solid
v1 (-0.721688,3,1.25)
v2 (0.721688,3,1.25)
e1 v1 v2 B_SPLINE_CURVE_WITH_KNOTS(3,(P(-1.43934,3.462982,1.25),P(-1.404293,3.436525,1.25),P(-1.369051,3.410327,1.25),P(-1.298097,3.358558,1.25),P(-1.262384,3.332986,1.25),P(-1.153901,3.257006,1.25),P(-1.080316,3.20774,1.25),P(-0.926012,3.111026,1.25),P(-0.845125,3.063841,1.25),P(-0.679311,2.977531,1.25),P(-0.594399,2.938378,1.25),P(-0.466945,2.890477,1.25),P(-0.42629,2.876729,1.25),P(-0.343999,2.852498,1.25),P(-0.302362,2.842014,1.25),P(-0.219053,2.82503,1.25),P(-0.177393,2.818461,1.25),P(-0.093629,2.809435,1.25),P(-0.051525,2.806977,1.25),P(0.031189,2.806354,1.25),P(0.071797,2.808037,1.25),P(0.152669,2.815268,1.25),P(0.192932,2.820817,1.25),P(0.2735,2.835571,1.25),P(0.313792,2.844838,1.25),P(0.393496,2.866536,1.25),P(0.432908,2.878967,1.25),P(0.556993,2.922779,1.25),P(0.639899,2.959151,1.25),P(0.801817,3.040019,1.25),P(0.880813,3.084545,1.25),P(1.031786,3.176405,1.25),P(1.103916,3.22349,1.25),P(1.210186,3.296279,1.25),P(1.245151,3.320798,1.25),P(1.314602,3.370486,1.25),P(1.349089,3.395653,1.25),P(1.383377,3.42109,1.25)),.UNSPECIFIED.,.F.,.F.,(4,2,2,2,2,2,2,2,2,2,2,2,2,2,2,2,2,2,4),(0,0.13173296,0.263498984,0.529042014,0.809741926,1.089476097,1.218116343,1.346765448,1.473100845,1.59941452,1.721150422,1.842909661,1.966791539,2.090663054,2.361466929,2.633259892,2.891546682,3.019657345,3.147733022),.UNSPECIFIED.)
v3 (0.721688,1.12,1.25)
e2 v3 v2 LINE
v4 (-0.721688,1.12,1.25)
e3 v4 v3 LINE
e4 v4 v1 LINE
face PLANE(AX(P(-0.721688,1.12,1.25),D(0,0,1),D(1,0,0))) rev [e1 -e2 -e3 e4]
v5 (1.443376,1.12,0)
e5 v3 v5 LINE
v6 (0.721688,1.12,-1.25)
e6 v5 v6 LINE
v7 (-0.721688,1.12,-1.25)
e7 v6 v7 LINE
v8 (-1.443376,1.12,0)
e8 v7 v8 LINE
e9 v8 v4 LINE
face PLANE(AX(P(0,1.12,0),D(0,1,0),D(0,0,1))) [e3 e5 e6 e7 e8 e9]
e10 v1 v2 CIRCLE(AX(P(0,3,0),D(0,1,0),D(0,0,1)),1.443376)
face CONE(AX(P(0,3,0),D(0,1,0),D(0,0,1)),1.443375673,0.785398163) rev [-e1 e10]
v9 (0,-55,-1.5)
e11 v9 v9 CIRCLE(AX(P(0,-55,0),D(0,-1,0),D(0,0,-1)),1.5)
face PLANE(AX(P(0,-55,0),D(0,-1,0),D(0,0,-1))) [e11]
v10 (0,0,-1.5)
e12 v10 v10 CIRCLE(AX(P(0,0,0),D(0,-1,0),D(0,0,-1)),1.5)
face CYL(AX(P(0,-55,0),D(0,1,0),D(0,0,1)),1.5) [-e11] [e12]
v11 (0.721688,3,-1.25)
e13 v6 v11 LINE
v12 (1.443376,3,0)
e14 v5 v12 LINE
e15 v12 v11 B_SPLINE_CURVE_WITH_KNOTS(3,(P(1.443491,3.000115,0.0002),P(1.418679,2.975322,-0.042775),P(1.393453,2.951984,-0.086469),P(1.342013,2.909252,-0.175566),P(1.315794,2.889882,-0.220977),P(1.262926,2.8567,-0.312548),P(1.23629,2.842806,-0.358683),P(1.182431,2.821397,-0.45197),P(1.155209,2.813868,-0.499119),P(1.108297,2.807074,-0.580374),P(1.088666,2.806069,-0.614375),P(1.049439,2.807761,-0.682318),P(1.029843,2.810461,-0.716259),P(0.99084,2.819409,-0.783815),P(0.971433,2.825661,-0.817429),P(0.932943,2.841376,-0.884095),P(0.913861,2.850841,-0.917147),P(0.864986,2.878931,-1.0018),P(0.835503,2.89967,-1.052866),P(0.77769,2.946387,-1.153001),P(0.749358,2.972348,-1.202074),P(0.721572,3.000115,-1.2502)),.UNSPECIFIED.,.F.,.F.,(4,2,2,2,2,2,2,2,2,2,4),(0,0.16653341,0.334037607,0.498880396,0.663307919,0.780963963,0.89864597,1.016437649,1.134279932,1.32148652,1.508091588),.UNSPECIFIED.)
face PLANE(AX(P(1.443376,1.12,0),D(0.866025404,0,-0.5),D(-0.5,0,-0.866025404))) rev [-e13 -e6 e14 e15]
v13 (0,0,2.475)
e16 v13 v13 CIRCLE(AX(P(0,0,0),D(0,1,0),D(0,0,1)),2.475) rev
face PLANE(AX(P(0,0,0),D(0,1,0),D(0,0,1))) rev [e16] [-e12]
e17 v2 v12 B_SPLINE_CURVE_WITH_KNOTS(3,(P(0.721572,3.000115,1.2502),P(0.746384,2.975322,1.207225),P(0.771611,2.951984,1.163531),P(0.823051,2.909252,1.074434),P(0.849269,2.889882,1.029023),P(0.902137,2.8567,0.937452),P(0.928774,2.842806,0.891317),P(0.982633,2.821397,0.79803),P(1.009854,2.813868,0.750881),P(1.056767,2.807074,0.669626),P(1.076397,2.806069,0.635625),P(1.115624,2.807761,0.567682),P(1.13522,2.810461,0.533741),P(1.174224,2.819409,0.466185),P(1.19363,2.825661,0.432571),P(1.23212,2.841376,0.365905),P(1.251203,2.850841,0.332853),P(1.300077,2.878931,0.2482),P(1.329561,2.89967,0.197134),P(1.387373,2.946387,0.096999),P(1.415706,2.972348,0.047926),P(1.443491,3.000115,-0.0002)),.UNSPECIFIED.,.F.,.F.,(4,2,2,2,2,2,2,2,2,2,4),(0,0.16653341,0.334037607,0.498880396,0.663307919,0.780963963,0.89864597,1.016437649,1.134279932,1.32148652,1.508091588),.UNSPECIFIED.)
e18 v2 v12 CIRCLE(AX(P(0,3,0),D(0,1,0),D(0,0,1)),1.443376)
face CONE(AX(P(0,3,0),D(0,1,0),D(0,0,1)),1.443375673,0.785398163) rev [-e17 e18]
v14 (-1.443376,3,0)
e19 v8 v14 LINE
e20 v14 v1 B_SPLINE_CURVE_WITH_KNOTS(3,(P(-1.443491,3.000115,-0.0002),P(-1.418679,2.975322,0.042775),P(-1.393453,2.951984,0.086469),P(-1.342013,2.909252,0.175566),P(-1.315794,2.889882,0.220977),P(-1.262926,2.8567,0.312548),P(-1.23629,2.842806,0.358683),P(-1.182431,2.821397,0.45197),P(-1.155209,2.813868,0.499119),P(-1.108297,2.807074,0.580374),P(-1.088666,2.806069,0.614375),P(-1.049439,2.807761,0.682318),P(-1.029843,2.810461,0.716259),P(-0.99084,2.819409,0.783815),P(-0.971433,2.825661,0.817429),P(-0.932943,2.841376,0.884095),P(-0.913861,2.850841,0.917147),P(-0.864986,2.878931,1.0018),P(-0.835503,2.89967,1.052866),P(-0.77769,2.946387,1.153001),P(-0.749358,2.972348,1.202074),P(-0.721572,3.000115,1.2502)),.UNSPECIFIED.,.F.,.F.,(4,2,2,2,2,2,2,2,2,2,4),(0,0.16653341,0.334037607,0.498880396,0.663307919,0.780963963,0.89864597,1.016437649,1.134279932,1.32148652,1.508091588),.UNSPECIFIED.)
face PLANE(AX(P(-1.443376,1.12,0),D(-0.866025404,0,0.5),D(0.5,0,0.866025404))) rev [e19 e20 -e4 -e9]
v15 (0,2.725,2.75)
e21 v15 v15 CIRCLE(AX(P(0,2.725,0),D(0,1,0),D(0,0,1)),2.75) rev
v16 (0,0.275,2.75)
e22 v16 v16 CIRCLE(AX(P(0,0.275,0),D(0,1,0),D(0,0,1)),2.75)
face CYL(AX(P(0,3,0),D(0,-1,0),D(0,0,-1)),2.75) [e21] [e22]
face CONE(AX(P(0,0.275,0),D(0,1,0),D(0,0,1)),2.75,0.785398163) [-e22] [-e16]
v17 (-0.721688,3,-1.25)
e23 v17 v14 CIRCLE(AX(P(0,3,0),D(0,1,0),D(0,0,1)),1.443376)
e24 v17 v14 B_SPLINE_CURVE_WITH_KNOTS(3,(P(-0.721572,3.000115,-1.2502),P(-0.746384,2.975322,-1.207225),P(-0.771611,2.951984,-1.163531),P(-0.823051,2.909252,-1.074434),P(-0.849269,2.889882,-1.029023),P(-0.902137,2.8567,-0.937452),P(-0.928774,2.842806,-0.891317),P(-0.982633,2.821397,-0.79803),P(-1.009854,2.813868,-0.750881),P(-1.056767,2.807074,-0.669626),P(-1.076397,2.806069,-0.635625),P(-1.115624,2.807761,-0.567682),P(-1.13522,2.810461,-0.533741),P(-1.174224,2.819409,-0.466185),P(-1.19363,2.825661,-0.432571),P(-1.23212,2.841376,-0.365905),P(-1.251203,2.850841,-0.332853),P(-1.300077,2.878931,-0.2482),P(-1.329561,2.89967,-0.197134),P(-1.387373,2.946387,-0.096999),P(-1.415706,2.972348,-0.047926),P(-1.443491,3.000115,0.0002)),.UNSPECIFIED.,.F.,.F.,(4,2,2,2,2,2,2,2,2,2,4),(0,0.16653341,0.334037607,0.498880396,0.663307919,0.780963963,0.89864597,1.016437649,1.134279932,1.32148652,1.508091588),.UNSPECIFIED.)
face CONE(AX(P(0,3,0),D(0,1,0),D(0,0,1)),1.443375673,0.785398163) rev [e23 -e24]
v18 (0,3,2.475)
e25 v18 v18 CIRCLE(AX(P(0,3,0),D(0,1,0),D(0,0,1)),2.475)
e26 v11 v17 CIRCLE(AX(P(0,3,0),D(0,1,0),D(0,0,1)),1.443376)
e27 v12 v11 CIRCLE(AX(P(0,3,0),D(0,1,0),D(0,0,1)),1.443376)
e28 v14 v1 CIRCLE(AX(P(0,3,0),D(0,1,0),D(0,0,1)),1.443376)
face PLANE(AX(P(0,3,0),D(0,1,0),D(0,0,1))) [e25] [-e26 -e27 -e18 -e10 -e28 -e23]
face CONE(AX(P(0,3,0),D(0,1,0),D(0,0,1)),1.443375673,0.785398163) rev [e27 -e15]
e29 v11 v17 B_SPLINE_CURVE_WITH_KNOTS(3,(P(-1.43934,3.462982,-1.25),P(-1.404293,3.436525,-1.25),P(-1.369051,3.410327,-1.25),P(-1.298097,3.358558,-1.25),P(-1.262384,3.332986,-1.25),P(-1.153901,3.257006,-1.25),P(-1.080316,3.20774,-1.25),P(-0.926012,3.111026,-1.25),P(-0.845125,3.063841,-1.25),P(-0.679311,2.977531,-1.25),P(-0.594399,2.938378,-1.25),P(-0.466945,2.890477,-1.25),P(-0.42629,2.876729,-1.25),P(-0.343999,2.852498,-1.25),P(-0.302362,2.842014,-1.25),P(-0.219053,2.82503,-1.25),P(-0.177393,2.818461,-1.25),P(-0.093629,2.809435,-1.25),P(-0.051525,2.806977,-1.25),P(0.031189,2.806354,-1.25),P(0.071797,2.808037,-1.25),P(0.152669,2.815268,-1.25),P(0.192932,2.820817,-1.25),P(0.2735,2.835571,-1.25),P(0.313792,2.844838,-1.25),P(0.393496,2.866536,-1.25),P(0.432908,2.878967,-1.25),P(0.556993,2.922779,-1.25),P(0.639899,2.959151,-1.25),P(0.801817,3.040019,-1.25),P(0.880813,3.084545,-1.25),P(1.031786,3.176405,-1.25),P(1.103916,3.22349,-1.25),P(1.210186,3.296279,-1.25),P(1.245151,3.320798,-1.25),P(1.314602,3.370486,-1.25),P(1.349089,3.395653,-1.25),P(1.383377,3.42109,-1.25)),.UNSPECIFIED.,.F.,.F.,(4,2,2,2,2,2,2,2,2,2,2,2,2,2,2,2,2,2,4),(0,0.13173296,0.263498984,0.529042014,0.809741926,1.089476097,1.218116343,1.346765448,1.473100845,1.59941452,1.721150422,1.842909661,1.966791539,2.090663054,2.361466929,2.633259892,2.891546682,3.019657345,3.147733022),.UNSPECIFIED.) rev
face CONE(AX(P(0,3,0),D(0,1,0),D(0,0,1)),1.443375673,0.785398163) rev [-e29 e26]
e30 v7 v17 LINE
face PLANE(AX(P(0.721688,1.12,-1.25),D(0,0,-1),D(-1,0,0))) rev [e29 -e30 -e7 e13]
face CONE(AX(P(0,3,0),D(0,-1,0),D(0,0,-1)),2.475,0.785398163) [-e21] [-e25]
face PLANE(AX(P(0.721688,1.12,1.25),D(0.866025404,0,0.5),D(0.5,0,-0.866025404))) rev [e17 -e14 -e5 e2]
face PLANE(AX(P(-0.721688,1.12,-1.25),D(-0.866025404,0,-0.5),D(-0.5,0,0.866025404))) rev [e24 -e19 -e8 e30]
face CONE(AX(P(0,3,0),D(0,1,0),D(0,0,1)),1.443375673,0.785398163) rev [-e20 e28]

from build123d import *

# Parameters (mm, degrees)
SKETCH1_R           = 2.75
BOSS_EXTRUDE1_DEPTH = 3
CUT_EXTRUDE1_DEPTH  = 1.88
CHAMFER1_SIZE       = 0.275
SKETCH_1_R          = 1.5
EXTRUDE_1_DEPTH     = 55


with BuildPart() as part:
    # Sketch1 → Boss-Extrude1 (new body)
    with BuildSketch(Plane(origin=(0, 0, 0), x_dir=(1, 0, 0), z_dir=(0, 1, 0))):
        with Locations(Location((0, 0, 0), (0, 0, 270))):
            Circle(SKETCH1_R)
    extrude(amount=BOSS_EXTRUDE1_DEPTH)

    # Sketch2 → Cut-Extrude1 (cut)
    with BuildSketch(Plane(origin=(0, 3, 0), x_dir=(1, 0, 0), z_dir=(0, 1, 0))):
        Polygon((0.721687836, 1.25), (-0.721687836, 1.25), (-1.443375673, 0), (-0.721687836, -1.25), (0.721687836, -1.25), (1.443375673, 0), align=None)
    extrude(amount=-CUT_EXTRUDE1_DEPTH, mode=Mode.SUBTRACT)

    # Cut-Extrude2 cone 1 section (through the dimple's axis) → Cut-Extrude2 (revolve, cut)
    with BuildSketch(Plane(origin=(0, 3, 0), x_dir=(0, 0, 1), z_dir=(1, 0, 0))):
        Polygon((0, 0), (1.443375673, 0), (0, 1.443375673), align=None)
    revolve(axis=Axis((0, 3, 0), (0, -1, 0)), mode=Mode.SUBTRACT)

    # Chamfer1
    chamfer1_edges = [part.edges().sort_by_distance(p)[0] for p in [
        (0, 0, -2.75),
        (0, 3, -2.75),
    ]]
    chamfer(chamfer1_edges, length=CHAMFER1_SIZE)

    # 草图1 → 凸台-拉伸1 (add)
    with BuildSketch(Plane(origin=(0, 0, 0), x_dir=(-1, 0, 0), z_dir=(0, -1, 0))):
        with Locations(Location((0, 0, 0), (0, 0, 90))):
            Circle(SKETCH_1_R)
    extrude(amount=EXTRUDE_1_DEPTH)


solid = part.part
